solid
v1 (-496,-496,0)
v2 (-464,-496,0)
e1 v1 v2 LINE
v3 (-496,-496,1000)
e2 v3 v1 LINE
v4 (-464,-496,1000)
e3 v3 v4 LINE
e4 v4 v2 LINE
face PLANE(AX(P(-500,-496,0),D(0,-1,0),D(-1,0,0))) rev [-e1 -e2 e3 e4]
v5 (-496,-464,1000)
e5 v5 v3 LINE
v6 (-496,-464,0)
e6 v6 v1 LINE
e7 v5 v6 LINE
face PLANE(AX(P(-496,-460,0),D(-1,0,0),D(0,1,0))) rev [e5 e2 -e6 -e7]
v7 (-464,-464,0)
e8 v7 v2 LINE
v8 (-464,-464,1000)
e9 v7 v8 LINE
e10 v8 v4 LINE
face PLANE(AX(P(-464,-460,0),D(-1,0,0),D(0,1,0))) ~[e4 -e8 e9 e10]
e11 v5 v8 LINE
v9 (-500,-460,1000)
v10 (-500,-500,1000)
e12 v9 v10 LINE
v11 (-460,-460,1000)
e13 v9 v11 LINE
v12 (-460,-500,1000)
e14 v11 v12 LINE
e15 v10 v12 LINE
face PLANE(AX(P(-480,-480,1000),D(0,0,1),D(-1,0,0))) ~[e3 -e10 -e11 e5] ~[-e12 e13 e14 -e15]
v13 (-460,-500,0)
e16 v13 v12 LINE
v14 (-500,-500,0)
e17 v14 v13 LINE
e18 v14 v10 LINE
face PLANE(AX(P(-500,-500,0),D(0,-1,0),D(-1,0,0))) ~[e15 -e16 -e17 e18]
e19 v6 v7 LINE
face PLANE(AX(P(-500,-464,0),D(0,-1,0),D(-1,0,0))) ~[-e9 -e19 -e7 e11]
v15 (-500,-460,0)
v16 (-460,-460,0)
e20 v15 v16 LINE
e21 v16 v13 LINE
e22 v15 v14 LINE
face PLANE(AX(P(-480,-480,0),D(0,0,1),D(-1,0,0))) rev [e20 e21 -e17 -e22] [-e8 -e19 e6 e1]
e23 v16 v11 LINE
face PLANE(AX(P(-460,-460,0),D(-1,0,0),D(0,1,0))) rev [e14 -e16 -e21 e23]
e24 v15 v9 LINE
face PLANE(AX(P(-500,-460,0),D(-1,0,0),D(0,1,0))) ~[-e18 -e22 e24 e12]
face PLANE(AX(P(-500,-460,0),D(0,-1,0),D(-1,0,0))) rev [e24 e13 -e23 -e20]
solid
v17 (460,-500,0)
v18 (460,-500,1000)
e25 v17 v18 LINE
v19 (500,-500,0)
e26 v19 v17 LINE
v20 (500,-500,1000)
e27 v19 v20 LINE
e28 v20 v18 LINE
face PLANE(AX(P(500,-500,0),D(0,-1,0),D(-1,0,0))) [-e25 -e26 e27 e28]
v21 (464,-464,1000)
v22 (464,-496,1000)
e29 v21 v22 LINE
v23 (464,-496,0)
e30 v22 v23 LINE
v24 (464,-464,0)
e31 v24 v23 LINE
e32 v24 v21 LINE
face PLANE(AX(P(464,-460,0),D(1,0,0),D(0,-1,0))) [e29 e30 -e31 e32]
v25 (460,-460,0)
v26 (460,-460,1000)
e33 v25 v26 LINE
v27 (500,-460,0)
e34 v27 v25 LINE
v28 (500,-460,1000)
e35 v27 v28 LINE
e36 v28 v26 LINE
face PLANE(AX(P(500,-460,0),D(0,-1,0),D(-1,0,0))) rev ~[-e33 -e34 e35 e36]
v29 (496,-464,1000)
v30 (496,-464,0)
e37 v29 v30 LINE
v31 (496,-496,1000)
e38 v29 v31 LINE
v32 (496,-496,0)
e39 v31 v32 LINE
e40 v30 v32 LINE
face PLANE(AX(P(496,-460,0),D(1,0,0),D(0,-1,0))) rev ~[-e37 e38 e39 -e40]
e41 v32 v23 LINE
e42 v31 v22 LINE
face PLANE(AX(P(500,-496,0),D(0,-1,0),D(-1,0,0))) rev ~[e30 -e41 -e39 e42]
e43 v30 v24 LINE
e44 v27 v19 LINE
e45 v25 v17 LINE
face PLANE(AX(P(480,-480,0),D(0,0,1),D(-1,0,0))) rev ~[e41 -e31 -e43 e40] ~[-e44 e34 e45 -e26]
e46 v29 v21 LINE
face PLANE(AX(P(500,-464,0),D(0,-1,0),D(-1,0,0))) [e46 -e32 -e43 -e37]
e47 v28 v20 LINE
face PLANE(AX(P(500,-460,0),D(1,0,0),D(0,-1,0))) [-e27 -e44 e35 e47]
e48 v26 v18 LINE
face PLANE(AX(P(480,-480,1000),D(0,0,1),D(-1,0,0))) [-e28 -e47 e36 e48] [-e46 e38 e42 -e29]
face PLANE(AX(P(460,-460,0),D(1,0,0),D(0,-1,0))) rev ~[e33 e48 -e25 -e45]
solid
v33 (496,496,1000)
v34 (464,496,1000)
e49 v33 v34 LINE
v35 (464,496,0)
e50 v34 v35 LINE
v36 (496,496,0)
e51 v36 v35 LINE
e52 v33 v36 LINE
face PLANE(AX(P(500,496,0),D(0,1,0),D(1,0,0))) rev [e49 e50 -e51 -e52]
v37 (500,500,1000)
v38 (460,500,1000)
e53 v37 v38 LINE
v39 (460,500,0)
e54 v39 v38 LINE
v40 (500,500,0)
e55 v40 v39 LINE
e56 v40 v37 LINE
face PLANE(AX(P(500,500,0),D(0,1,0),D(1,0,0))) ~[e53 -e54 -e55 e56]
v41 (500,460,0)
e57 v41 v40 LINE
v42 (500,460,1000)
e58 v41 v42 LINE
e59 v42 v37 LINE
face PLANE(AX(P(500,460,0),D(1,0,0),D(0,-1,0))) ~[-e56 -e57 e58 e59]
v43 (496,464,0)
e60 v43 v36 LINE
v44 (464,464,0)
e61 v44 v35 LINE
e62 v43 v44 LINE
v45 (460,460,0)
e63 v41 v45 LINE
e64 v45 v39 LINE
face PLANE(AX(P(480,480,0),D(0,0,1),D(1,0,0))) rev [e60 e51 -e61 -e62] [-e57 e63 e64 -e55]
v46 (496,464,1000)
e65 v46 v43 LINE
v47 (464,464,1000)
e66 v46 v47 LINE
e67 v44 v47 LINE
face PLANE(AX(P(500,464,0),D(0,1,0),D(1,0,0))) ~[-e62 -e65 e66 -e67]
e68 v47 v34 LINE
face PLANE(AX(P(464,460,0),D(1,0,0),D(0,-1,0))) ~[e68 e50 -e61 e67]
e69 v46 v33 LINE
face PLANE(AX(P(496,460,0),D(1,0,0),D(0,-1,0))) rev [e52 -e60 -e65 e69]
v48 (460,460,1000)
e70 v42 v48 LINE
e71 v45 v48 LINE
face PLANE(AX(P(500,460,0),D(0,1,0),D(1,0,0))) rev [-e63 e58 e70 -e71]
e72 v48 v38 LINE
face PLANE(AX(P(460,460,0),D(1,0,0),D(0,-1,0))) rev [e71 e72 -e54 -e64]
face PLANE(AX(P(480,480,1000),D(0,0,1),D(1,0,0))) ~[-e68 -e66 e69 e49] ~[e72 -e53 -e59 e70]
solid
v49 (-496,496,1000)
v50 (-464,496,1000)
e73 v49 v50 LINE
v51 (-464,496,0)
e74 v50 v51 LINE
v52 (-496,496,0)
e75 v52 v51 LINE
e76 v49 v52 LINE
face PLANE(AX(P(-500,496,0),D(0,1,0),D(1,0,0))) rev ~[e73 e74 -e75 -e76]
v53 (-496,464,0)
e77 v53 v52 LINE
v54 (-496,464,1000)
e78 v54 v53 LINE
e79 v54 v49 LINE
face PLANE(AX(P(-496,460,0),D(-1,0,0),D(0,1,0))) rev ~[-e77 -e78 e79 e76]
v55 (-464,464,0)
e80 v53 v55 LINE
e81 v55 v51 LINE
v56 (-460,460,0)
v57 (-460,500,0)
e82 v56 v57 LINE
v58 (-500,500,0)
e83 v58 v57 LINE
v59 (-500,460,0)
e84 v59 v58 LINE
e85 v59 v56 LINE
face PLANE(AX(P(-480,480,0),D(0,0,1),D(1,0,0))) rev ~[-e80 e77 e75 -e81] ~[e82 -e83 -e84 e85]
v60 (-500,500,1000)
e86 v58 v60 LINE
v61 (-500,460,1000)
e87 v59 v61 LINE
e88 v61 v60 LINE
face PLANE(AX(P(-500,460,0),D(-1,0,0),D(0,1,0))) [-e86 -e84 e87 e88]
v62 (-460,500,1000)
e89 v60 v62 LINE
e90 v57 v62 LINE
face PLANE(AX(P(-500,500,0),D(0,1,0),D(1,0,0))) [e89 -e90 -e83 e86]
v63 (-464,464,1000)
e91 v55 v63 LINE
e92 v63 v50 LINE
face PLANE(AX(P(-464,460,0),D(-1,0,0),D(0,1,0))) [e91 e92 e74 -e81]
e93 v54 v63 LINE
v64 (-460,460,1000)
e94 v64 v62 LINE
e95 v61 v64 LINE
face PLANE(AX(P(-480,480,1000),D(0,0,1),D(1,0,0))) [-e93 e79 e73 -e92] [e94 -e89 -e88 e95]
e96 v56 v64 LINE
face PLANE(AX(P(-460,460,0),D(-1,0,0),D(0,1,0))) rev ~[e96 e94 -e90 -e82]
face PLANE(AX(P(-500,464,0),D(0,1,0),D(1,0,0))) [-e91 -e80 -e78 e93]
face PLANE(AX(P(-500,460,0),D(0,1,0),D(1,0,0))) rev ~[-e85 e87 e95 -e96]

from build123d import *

# Parameters (mm, degrees)
F0_W     = 40
F0_H     = 40
F1_DEPTH = 1000
F2_T     = -4


with BuildPart() as f1:
    # F0 (on Top) → F1 (new body)
    with BuildSketch(Plane.XY):
        with Locations((-480, 480)):
            Rectangle(F0_W, F0_H)
    extrude(amount=F1_DEPTH)

    # F2
    f2_openings = [f1.faces().sort_by_distance(p)[0] for p in [
        (-480, 480, 1000),
        (-480, 480, 0),
    ]]
    offset(amount=F2_T, openings=f2_openings)


with BuildPart() as f3_1:
    # F3: instance of F1
    add(f1.part.mirror(Plane.YZ))


with BuildPart() as f4_1:
    # F4: instance of F1
    add(f1.part.mirror(Plane.XZ))


with BuildPart() as f4_2:
    # F4: instance of F3_1
    add(f3_1.part.mirror(Plane.XZ))


solid = Compound([f1.part, f3_1.part, f4_1.part, f4_2.part])
